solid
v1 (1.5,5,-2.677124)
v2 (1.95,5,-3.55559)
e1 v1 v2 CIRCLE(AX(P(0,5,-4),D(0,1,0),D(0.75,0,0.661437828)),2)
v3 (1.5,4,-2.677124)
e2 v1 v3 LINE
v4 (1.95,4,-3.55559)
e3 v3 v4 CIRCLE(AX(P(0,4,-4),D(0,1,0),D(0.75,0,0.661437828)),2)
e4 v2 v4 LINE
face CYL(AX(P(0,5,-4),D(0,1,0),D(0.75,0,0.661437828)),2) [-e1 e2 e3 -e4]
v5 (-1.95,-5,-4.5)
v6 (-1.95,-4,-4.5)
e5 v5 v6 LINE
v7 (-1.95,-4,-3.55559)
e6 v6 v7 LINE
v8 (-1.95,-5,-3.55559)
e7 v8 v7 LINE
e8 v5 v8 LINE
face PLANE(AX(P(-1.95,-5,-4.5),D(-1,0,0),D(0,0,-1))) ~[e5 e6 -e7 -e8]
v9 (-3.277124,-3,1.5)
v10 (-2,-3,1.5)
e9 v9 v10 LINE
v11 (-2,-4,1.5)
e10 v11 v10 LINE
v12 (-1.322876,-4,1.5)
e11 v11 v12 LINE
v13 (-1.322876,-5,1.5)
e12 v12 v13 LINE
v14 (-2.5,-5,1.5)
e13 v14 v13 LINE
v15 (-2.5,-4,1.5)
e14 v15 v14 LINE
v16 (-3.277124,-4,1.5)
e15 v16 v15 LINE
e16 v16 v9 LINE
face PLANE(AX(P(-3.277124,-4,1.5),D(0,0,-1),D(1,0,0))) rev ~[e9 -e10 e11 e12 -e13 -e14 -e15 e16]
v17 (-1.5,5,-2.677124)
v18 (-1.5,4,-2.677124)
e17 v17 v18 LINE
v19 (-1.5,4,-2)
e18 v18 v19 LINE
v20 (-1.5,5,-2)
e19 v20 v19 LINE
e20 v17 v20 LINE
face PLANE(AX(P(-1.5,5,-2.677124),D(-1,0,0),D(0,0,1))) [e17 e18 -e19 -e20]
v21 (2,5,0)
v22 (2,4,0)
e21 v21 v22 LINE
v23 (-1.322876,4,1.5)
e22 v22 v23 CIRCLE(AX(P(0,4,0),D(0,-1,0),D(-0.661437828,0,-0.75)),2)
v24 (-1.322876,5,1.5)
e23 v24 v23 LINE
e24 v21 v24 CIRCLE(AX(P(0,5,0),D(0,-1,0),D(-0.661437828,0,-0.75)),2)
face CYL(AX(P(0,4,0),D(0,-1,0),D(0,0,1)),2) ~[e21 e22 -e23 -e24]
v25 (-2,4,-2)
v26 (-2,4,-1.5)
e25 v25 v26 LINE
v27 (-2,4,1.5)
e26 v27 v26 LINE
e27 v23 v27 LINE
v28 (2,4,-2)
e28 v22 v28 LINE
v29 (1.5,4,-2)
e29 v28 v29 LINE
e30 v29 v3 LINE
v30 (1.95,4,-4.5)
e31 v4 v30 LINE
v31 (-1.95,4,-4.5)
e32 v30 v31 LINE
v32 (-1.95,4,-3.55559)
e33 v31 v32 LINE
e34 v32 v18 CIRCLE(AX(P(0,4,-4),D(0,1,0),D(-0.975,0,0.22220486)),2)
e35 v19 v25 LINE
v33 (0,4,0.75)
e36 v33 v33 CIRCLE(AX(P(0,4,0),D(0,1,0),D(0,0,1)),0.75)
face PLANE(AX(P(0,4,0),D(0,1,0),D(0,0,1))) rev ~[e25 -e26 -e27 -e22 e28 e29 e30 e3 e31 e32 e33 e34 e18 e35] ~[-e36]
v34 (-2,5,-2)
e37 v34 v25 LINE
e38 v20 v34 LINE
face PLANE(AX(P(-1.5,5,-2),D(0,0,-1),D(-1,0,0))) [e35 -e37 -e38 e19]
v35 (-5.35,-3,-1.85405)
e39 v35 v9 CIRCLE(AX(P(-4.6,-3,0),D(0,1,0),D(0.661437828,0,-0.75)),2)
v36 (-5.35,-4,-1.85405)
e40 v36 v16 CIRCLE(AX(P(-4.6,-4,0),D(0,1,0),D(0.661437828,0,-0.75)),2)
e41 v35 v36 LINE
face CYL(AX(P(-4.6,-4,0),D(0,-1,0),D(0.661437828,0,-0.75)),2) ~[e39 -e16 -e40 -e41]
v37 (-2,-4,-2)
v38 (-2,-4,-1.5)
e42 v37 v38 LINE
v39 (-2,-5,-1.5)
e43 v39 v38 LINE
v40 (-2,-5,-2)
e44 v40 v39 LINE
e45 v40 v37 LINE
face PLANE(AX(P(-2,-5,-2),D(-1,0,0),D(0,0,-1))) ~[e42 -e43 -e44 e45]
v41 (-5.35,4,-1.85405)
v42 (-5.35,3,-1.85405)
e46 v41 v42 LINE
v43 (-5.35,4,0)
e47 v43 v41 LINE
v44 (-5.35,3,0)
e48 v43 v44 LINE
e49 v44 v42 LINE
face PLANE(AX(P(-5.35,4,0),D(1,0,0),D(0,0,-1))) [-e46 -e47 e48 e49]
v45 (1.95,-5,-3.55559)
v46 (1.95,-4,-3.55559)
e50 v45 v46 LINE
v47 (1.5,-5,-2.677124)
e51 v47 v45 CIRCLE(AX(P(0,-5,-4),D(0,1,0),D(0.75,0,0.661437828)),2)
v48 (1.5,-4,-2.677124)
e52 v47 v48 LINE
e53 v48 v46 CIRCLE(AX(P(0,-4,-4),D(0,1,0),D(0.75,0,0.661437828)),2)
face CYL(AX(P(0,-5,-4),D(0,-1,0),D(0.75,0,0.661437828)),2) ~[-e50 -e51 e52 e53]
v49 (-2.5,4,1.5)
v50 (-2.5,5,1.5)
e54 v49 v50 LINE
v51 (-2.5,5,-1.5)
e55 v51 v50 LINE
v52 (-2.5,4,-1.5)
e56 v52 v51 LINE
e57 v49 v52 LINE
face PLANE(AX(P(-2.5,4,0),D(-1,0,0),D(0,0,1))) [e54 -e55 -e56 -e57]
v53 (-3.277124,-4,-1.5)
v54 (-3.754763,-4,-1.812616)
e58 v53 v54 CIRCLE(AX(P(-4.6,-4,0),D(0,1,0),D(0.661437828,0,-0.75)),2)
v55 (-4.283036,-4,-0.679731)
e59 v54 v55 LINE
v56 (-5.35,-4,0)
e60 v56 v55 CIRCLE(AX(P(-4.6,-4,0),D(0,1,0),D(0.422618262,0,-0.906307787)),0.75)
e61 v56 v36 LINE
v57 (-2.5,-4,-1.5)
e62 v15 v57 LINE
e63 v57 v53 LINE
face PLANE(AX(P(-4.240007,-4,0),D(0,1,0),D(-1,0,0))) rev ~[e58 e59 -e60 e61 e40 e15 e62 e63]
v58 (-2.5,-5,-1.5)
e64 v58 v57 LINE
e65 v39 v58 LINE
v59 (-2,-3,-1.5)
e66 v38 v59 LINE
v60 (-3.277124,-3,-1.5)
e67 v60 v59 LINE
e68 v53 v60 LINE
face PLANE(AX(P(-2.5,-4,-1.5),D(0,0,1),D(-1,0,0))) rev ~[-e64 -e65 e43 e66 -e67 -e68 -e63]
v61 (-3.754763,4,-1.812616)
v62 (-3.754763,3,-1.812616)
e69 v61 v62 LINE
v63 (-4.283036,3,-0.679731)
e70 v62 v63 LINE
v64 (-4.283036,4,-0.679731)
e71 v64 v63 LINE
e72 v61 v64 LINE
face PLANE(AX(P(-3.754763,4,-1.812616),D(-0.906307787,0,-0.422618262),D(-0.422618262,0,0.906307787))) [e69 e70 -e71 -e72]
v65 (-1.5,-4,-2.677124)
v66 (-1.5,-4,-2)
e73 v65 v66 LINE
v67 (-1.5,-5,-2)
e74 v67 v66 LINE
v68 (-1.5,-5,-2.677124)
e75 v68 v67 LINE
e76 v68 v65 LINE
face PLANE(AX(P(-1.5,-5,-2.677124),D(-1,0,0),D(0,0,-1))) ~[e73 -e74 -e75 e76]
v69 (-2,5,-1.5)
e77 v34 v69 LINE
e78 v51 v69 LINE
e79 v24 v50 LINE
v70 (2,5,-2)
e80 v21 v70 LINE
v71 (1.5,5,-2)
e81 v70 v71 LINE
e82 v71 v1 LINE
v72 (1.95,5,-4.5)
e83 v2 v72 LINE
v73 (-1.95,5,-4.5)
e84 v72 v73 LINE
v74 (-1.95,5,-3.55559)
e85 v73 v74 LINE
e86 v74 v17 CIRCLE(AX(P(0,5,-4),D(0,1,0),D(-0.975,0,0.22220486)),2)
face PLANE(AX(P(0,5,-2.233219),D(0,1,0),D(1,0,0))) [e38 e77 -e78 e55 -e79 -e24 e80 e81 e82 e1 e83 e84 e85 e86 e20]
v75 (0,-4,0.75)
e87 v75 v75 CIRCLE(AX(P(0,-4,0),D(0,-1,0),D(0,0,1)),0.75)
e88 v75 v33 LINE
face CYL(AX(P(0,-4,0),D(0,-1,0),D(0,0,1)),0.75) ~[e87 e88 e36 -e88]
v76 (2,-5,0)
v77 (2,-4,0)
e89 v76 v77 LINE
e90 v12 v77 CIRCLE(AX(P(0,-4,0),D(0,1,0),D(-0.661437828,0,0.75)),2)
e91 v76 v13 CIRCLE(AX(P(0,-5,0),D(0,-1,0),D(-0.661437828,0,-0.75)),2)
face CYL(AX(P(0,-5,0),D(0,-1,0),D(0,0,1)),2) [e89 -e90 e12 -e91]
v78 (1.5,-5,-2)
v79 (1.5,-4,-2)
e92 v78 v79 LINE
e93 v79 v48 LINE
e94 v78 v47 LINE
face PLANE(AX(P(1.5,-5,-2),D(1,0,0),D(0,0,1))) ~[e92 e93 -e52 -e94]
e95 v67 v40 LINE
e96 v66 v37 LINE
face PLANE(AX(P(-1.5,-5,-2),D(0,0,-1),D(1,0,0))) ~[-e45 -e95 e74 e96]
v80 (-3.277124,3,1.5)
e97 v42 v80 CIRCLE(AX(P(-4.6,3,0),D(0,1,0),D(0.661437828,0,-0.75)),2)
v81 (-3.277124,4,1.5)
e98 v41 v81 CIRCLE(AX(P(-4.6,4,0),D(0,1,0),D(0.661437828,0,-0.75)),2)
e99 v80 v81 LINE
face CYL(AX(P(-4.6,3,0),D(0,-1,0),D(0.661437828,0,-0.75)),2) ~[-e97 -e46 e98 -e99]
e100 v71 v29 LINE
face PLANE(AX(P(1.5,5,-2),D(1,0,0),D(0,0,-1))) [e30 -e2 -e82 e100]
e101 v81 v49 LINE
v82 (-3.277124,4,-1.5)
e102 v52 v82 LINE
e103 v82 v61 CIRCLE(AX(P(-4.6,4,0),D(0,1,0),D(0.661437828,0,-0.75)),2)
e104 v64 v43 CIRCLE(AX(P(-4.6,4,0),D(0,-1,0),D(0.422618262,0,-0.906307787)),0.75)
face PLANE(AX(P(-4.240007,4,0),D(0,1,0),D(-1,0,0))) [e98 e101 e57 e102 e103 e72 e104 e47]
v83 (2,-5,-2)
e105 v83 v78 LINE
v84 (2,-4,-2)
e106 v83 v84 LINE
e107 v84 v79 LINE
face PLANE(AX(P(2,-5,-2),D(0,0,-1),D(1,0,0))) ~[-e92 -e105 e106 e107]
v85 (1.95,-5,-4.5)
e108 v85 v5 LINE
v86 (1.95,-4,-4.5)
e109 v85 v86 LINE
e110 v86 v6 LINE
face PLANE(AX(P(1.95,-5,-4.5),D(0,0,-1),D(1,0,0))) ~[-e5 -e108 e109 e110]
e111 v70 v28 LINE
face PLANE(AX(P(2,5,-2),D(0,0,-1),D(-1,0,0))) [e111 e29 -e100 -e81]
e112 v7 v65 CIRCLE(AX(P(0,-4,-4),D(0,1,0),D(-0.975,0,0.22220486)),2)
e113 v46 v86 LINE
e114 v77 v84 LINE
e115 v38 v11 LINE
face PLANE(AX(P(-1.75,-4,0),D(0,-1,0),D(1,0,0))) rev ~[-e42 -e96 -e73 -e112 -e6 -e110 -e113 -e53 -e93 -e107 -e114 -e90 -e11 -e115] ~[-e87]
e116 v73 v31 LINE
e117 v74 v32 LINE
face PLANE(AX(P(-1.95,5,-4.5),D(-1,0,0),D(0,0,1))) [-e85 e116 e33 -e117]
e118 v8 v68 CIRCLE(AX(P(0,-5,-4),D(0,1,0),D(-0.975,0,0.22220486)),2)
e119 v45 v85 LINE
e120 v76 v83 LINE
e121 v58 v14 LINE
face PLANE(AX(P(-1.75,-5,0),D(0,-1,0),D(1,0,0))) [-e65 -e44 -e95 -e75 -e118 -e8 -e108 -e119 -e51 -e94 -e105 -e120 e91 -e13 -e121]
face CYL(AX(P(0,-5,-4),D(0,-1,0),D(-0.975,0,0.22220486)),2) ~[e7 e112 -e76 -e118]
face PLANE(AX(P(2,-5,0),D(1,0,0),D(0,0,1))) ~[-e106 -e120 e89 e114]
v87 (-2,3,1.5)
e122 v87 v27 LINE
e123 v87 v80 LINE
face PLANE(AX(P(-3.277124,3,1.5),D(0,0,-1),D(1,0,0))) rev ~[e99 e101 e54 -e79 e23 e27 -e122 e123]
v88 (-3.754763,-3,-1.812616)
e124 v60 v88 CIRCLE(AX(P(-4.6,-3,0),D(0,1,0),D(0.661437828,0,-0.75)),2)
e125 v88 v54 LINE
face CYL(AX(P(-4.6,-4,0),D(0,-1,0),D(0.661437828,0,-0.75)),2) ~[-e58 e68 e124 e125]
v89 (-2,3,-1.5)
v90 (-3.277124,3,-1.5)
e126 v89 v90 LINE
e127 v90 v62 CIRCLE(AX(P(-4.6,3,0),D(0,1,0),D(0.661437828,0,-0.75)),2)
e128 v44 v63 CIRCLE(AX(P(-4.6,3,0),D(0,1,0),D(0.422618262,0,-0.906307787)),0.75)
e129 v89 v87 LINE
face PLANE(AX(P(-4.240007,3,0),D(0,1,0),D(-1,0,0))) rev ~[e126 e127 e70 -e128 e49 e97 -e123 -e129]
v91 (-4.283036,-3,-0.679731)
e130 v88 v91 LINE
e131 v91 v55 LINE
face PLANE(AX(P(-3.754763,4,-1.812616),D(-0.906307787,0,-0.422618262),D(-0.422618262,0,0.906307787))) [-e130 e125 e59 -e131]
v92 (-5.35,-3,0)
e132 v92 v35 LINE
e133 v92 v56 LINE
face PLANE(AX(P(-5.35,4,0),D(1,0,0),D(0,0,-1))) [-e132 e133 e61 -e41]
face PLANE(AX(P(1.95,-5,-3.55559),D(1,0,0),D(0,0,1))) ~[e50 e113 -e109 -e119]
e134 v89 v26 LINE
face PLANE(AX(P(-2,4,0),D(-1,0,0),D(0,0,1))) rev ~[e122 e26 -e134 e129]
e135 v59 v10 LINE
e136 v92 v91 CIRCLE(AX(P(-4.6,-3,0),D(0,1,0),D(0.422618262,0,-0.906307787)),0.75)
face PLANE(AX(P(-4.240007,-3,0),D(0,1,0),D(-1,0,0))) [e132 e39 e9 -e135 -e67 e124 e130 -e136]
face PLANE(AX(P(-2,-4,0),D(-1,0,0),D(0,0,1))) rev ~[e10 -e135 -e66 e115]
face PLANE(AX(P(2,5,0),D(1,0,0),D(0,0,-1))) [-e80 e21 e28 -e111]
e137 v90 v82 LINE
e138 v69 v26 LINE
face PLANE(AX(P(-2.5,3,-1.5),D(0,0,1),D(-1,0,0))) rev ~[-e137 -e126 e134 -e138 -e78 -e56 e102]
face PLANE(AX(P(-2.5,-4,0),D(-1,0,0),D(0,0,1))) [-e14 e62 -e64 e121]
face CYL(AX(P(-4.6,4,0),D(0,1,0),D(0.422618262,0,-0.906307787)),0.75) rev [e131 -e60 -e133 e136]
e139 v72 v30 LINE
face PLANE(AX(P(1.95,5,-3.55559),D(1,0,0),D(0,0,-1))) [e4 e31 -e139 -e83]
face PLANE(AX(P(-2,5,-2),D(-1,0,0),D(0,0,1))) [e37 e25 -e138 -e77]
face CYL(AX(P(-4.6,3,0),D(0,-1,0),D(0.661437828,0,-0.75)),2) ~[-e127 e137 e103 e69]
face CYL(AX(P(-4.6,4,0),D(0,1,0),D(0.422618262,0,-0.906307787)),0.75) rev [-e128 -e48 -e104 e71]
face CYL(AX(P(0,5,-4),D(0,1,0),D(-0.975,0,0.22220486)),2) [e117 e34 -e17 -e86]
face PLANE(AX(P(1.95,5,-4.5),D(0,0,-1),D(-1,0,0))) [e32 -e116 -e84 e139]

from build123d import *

# Parameters (mm, degrees)
EXTRUDE_1_DEPTH      = 4
EXTRUDE_1_DEPTH_BACK = 4
SKETCH_1_R           = 0.75
SKETCH_2_R           = 2
EXTRUDE_2_DEPTH      = 1
EXTRUDE_START        = 1
SKETCH_3_R           = 2
EXTRUDE_3_DEPTH      = 1
SKETCH_6_W           = 1.5
SKETCH_6_H           = 3
EXTRUDE_6_DEPTH      = 1
SKETCH_7_W           = 1.5
SKETCH_7_H           = 3
EXTRUDE_8_DEPTH      = 1
SKETCH_8_W           = 3
SKETCH_8_H           = 2
EXTRUDE_9_DEPTH      = 0.5
EXTRUDE_10_DEPTH     = 1
EXTRUDE_START_2      = 7
EXTRUDE_11_DEPTH     = 1
CUT_EXTRUDE_1_DEPTH  = 12.338430226
EXTRUDE_12_DEPTH     = 1


with BuildPart() as part:
    # 草图1 → 凸台-拉伸1 (new, two sides: drawn at the far end of the back side and taken through both)
    with BuildSketch(Plane(origin=(0, 0, 0), x_dir=(1, 0, 0), z_dir=(0, 1, 0)).offset(-EXTRUDE_1_DEPTH_BACK)):
        with Locations(Location((0, 0, 0), (0, 0, 270))):
            Circle(SKETCH_1_R)
    extrude(amount=EXTRUDE_1_DEPTH + EXTRUDE_1_DEPTH_BACK)

    # 草图2 → 凸台-拉伸2 (add)
    with BuildSketch(Plane(origin=(0, 4, 0), x_dir=(-1, 0, 0), z_dir=(0, 1, 0))):
        with Locations(Location((0, 0, 0), (0, 0, 90))):
            Circle(SKETCH_2_R)
    extrude(amount=EXTRUDE_2_DEPTH)

    # 草图3 → 凸台-拉伸3 (add)
    with BuildSketch(Plane.XZ.offset(4).offset(EXTRUDE_START)):
        with Locations(Location((0, 0, 0), (0, 0, 90))):
            Circle(SKETCH_3_R)
    extrude(amount=-EXTRUDE_3_DEPTH)

    # 草图6 → 凸台-拉伸6 (add)
    with BuildSketch(Plane(origin=(0, 5, 0), x_dir=(-1, 0, 0), z_dir=(0, 1, 0))):
        with Locations((1.75, 0)):
            Rectangle(SKETCH_6_W, SKETCH_6_H)
    extrude(amount=-EXTRUDE_6_DEPTH)

    # 草图7 → 凸台-拉伸8 (add)
    with BuildSketch(Plane.XZ.offset(5)):
        with Locations((-1.75, 0)):
            Rectangle(SKETCH_7_W, SKETCH_7_H)
    extrude(amount=-EXTRUDE_8_DEPTH)

    # 草图8 → 凸台-拉伸9 (add)
    with BuildSketch(Plane.ZY.offset(2.5)):
        with Locations((0, 4)):
            Rectangle(SKETCH_8_W, SKETCH_8_H)
        with Locations((0, -4)):
            Rectangle(SKETCH_8_W, SKETCH_8_H)
    extrude(amount=-EXTRUDE_9_DEPTH)

    # 草图9 → 凸台-拉伸10 (add)
    with BuildSketch(Plane.XZ.offset(-3)):
        with BuildLine():
            Line((-2.5, -1.5), (-3.277124344, -1.5))
            ThreePointArc((-3.277124344, -1.5), (-6.6, 0), (-3.277124344, 1.5))
            Line((-3.277124344, 1.5), (-2.5, 1.5))
            Line((-2.5, 1.5), (-2.5, -1.5))
        make_face()
    extrude(amount=-EXTRUDE_10_DEPTH)

    # 草图9<2> → 凸台-拉伸11 (add)
    with BuildSketch(Plane.XZ.offset(-3).offset(EXTRUDE_START_2)):
        with BuildLine():
            Line((-2.5, -1.5), (-3.277124344, -1.5))
            ThreePointArc((-3.277124344, -1.5), (-6.6, 0), (-3.277124344, 1.5))
            Line((-3.277124344, 1.5), (-2.5, 1.5))
            Line((-2.5, 1.5), (-2.5, -1.5))
        make_face()
    extrude(amount=-EXTRUDE_11_DEPTH)

    # 草图10 → 切除-拉伸1 (cut, through all)
    with BuildSketch(Plane(origin=(0, 4, 0), x_dir=(-1, 0, 0), z_dir=(0, 1, 0))):
        with BuildLine():
            Line((5.35, 0), (5.35, -1.854049622))
            ThreePointArc((5.35, -1.854049622), (4.548070298, -1.999325713), (3.754763477, -1.812615574))
            Line((3.754763477, -1.812615574), (4.283036304, -0.67973084))
            ThreePointArc((4.283036304, -0.67973084), (4.197025294, 0.632543584), (5.35, 0))
        make_face()
    extrude(amount=-CUT_EXTRUDE_1_DEPTH, mode=Mode.SUBTRACT)

    # 草图11 → 凸台-拉伸12 (add)
    with BuildSketch(Plane(origin=(0, 5, 0), x_dir=(1, 0, 0), z_dir=(0, 1, 0))):
        with BuildLine():
            Line((-2, 0), (2, 0))
            Line((2, 0), (2, 2))
            Line((2, 2), (1.5, 2))
            Line((1.5, 2), (1.5, 2.677124344))
            ThreePointArc((1.5, 2.677124344), (1.780042303, 3.088161527), (1.95, 3.555590279))
            Line((1.95, 3.555590279), (1.95, 4.5))
            Line((1.95, 4.5), (-1.95, 4.5))
            Line((-1.95, 4.5), (-1.95, 3.555590279))
            ThreePointArc((-1.95, 3.555590279), (-1.780042303, 3.088161527), (-1.5, 2.677124344))
            Line((-1.5, 2.677124344), (-1.5, 2))
            Line((-1.5, 2), (-2, 2))
            Line((-2, 2), (-2, 0))
        make_face()
    extrude_12 = extrude(amount=-EXTRUDE_12_DEPTH)

    # 镜向1: 凸台-拉伸12 across plane
    add(extrude_12.mirror(Plane.ZX))


solid = part.part
